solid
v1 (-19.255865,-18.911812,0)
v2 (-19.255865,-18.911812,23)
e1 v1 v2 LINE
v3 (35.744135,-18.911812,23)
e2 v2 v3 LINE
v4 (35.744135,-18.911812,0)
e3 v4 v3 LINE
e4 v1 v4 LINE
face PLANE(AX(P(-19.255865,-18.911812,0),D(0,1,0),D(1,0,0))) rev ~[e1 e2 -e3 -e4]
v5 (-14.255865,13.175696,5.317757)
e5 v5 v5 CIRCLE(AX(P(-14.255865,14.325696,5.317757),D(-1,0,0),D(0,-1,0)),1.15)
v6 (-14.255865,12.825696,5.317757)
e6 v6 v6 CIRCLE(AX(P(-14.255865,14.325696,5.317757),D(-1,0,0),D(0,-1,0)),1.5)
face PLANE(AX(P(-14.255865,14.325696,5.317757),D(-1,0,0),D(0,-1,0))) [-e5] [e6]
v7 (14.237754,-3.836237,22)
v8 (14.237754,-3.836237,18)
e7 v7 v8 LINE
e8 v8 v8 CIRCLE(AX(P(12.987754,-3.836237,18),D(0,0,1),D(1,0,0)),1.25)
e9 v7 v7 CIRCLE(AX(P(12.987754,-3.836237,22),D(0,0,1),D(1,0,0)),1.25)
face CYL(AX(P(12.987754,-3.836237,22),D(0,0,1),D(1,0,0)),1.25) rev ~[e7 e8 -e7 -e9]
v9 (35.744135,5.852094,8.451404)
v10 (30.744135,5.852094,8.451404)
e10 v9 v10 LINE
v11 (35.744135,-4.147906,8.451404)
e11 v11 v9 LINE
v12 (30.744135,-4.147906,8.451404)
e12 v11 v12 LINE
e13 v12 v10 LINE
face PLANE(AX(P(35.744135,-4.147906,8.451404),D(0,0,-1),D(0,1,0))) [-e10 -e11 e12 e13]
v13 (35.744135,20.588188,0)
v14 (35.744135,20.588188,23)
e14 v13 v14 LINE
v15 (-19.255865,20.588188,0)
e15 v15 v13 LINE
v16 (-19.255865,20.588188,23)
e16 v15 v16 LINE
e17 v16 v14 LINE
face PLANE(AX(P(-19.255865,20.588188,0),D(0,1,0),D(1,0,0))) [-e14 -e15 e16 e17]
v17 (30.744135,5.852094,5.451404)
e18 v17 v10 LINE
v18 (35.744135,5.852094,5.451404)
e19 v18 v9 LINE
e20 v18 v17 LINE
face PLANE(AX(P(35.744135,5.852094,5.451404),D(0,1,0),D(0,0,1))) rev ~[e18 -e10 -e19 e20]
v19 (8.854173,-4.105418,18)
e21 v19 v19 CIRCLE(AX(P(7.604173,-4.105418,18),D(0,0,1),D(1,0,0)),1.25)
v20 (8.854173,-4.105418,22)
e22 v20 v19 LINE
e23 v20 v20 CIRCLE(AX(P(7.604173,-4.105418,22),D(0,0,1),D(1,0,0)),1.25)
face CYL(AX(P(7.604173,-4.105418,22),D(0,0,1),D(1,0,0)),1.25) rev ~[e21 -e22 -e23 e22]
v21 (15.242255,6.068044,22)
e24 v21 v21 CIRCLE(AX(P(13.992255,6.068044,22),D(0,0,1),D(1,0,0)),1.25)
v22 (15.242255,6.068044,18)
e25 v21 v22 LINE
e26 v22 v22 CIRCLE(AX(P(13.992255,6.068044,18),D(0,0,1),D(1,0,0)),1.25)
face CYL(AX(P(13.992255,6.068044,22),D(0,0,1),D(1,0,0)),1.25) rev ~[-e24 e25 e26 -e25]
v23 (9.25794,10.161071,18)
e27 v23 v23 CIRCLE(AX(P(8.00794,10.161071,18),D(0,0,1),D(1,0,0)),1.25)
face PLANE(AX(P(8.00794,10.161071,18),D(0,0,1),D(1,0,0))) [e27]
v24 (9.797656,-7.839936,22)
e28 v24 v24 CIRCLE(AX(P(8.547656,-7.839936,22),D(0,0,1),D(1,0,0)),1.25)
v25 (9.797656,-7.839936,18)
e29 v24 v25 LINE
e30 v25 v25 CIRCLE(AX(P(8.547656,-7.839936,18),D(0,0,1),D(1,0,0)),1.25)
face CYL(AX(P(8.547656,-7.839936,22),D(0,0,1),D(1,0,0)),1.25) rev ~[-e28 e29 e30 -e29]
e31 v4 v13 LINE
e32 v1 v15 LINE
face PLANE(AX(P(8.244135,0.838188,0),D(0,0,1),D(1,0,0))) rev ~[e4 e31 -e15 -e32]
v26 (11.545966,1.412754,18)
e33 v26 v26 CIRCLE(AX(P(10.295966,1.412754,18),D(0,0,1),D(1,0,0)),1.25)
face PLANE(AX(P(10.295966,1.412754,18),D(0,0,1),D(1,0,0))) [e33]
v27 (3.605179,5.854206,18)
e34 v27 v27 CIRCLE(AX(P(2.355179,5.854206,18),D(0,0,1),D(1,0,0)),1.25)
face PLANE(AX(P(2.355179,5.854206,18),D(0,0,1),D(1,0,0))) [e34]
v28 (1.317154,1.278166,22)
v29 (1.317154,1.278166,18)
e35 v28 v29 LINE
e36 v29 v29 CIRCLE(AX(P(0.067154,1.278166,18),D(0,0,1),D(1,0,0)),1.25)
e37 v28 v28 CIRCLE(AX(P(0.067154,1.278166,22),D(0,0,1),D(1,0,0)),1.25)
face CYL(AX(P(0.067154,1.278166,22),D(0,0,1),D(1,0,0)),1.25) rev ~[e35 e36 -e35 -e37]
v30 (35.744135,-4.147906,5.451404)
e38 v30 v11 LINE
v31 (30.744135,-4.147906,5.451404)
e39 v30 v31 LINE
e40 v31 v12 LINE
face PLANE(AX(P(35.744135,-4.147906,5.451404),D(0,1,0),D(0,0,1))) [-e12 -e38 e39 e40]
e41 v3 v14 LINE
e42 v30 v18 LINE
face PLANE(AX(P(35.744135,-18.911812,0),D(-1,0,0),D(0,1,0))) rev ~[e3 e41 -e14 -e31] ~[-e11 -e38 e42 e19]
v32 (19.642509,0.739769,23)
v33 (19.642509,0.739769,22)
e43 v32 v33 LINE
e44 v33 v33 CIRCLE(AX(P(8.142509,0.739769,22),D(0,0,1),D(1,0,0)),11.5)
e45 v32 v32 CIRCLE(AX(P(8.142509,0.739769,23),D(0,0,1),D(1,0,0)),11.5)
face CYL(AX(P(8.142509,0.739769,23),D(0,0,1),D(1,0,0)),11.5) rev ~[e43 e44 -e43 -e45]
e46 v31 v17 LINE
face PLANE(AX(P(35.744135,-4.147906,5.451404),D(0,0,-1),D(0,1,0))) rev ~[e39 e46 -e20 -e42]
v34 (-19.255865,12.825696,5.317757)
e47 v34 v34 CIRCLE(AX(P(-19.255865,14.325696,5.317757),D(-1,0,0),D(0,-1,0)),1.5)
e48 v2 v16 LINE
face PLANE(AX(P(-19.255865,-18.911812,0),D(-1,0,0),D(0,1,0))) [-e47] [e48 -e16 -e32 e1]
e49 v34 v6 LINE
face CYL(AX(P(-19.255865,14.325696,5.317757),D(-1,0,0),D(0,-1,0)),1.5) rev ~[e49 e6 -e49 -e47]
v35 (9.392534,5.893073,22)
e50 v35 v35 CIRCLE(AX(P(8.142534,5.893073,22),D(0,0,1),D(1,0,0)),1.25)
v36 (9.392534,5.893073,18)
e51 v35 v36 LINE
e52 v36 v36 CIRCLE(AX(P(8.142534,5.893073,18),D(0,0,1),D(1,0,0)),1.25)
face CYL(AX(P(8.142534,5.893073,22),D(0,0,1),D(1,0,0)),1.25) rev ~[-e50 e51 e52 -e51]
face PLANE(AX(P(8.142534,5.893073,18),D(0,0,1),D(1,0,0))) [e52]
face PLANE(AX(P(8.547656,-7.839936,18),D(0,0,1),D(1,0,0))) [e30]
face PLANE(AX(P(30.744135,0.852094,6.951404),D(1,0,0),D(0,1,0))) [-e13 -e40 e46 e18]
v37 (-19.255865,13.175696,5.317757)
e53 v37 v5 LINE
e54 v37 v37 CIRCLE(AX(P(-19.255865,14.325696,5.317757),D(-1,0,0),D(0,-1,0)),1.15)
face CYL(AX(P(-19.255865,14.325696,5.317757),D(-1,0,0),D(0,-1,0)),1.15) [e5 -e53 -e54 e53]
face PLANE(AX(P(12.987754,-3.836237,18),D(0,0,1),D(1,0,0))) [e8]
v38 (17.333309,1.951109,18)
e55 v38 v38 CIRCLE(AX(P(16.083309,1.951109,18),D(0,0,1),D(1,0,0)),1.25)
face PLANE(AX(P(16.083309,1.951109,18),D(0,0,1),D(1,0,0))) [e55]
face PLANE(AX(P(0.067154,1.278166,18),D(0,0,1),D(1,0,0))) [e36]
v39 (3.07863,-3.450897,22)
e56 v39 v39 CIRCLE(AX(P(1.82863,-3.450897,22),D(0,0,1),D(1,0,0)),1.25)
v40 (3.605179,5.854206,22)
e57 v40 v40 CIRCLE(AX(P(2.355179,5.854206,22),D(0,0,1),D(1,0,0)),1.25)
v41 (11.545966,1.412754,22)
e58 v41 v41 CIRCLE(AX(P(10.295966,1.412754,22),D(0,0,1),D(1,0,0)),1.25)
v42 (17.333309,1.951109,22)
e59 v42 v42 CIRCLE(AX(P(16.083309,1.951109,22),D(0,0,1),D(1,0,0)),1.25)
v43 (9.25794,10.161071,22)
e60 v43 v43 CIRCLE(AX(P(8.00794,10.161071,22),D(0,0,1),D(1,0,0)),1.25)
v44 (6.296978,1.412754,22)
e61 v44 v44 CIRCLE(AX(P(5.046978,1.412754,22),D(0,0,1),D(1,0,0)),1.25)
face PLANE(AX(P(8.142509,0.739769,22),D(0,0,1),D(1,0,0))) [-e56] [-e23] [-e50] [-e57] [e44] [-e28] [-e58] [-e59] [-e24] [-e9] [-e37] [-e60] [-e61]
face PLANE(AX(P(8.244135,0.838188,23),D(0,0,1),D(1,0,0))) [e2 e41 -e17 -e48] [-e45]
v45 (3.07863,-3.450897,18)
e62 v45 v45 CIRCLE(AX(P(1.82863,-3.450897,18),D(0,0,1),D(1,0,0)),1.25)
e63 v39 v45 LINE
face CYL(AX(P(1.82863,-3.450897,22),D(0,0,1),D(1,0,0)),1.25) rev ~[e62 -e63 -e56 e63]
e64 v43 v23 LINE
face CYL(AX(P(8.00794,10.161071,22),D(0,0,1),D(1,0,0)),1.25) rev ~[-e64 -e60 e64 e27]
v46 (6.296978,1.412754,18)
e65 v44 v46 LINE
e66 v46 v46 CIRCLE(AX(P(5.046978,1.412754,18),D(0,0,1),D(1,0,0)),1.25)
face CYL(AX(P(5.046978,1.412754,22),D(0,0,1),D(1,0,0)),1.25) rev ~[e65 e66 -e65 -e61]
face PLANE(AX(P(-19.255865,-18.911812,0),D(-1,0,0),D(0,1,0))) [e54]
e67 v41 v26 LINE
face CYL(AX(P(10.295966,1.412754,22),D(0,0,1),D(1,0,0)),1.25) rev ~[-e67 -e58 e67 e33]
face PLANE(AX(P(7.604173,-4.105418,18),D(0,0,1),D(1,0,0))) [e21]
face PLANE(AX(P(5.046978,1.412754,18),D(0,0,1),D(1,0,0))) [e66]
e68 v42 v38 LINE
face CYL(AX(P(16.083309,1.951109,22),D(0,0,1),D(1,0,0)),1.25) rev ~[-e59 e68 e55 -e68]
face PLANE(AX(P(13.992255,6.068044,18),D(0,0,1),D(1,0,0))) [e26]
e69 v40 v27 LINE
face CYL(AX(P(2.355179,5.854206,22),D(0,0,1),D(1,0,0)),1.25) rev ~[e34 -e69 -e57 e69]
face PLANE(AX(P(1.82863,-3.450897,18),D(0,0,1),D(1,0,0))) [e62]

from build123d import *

# Parameters (mm, degrees)
SKETCH_W        = 55
SKETCH_H        = 39.5
PAD_DEPTH       = 23
SKETCH002_W     = 10
SKETCH002_H     = 3
POCKET_DEPTH    = 5
SKETCH003_R     = 11.5
POCKET001_DEPTH = 1
SKETCH004_R     = 1.25
POCKET002_DEPTH = 4
SKETCH005_R     = 1.5
SKETCH005_R_2   = 1.15
POCKET003_DEPTH = 5


with BuildPart() as part:
    # Sketch → Pad (new body)
    with BuildSketch(Plane.XY):
        with Locations((8.244135, 0.838188)):
            Rectangle(SKETCH_W, SKETCH_H)
    extrude(amount=PAD_DEPTH)

    # Sketch002 (on Face3 of Pad) → Pocket (cut)
    with BuildSketch(Plane.YZ.offset(35.744135)):
        with Locations((0.852094, 6.951404)):
            Rectangle(SKETCH002_W, SKETCH002_H)
    extrude(amount=-POCKET_DEPTH, mode=Mode.SUBTRACT)

    # Sketch003 (on Face5 of Pocket) → Pocket001 (cut)
    with BuildSketch(Plane.XY.offset(23)):
        with Locations((8.142509, 0.739769)):
            Circle(SKETCH003_R)
    extrude(amount=-POCKET001_DEPTH, mode=Mode.SUBTRACT)

    # Sketch004 (on Face12 of Pocket001) → Pocket002 (cut)
    with BuildSketch(Plane.XY.offset(22)):
        with Locations((2.355179, 5.854206)):
            Circle(SKETCH004_R)
        with Locations((8.142534, 5.893073)):
            Circle(SKETCH004_R)
        with Locations((13.992255, 6.068044)):
            Circle(SKETCH004_R)
        with Locations((0.067154, 1.278166)):
            Circle(SKETCH004_R)
        with Locations((5.046978, 1.412754)):
            Circle(SKETCH004_R)
        with Locations((10.295966, 1.412754)):
            Circle(SKETCH004_R)
        with Locations((1.82863, -3.450897)):
            Circle(SKETCH004_R)
        with Locations((7.604173, -4.105418)):
            Circle(SKETCH004_R)
        with Locations((12.987754, -3.836237)):
            Circle(SKETCH004_R)
        with Locations((8.547656, -7.839936)):
            Circle(SKETCH004_R)
        with Locations((8.00794, 10.161071)):
            Circle(SKETCH004_R)
        with Locations((16.083309, 1.951109)):
            Circle(SKETCH004_R)
    extrude(amount=-POCKET002_DEPTH, mode=Mode.SUBTRACT)

    # Sketch005 (on Face1 of Pocket002) → Pocket003 (cut)
    with BuildSketch(Plane(origin=(-19.255865, 0, 0), x_dir=(0, -1, 0), z_dir=(-1, 0, 0))):
        with Locations((-14.325696, 5.317757)):
            Circle(SKETCH005_R)
        with Locations((-14.325696, 5.317757)):
            Circle(SKETCH005_R_2, mode=Mode.SUBTRACT)
    extrude(amount=-POCKET003_DEPTH, mode=Mode.SUBTRACT)


solid = part.part
